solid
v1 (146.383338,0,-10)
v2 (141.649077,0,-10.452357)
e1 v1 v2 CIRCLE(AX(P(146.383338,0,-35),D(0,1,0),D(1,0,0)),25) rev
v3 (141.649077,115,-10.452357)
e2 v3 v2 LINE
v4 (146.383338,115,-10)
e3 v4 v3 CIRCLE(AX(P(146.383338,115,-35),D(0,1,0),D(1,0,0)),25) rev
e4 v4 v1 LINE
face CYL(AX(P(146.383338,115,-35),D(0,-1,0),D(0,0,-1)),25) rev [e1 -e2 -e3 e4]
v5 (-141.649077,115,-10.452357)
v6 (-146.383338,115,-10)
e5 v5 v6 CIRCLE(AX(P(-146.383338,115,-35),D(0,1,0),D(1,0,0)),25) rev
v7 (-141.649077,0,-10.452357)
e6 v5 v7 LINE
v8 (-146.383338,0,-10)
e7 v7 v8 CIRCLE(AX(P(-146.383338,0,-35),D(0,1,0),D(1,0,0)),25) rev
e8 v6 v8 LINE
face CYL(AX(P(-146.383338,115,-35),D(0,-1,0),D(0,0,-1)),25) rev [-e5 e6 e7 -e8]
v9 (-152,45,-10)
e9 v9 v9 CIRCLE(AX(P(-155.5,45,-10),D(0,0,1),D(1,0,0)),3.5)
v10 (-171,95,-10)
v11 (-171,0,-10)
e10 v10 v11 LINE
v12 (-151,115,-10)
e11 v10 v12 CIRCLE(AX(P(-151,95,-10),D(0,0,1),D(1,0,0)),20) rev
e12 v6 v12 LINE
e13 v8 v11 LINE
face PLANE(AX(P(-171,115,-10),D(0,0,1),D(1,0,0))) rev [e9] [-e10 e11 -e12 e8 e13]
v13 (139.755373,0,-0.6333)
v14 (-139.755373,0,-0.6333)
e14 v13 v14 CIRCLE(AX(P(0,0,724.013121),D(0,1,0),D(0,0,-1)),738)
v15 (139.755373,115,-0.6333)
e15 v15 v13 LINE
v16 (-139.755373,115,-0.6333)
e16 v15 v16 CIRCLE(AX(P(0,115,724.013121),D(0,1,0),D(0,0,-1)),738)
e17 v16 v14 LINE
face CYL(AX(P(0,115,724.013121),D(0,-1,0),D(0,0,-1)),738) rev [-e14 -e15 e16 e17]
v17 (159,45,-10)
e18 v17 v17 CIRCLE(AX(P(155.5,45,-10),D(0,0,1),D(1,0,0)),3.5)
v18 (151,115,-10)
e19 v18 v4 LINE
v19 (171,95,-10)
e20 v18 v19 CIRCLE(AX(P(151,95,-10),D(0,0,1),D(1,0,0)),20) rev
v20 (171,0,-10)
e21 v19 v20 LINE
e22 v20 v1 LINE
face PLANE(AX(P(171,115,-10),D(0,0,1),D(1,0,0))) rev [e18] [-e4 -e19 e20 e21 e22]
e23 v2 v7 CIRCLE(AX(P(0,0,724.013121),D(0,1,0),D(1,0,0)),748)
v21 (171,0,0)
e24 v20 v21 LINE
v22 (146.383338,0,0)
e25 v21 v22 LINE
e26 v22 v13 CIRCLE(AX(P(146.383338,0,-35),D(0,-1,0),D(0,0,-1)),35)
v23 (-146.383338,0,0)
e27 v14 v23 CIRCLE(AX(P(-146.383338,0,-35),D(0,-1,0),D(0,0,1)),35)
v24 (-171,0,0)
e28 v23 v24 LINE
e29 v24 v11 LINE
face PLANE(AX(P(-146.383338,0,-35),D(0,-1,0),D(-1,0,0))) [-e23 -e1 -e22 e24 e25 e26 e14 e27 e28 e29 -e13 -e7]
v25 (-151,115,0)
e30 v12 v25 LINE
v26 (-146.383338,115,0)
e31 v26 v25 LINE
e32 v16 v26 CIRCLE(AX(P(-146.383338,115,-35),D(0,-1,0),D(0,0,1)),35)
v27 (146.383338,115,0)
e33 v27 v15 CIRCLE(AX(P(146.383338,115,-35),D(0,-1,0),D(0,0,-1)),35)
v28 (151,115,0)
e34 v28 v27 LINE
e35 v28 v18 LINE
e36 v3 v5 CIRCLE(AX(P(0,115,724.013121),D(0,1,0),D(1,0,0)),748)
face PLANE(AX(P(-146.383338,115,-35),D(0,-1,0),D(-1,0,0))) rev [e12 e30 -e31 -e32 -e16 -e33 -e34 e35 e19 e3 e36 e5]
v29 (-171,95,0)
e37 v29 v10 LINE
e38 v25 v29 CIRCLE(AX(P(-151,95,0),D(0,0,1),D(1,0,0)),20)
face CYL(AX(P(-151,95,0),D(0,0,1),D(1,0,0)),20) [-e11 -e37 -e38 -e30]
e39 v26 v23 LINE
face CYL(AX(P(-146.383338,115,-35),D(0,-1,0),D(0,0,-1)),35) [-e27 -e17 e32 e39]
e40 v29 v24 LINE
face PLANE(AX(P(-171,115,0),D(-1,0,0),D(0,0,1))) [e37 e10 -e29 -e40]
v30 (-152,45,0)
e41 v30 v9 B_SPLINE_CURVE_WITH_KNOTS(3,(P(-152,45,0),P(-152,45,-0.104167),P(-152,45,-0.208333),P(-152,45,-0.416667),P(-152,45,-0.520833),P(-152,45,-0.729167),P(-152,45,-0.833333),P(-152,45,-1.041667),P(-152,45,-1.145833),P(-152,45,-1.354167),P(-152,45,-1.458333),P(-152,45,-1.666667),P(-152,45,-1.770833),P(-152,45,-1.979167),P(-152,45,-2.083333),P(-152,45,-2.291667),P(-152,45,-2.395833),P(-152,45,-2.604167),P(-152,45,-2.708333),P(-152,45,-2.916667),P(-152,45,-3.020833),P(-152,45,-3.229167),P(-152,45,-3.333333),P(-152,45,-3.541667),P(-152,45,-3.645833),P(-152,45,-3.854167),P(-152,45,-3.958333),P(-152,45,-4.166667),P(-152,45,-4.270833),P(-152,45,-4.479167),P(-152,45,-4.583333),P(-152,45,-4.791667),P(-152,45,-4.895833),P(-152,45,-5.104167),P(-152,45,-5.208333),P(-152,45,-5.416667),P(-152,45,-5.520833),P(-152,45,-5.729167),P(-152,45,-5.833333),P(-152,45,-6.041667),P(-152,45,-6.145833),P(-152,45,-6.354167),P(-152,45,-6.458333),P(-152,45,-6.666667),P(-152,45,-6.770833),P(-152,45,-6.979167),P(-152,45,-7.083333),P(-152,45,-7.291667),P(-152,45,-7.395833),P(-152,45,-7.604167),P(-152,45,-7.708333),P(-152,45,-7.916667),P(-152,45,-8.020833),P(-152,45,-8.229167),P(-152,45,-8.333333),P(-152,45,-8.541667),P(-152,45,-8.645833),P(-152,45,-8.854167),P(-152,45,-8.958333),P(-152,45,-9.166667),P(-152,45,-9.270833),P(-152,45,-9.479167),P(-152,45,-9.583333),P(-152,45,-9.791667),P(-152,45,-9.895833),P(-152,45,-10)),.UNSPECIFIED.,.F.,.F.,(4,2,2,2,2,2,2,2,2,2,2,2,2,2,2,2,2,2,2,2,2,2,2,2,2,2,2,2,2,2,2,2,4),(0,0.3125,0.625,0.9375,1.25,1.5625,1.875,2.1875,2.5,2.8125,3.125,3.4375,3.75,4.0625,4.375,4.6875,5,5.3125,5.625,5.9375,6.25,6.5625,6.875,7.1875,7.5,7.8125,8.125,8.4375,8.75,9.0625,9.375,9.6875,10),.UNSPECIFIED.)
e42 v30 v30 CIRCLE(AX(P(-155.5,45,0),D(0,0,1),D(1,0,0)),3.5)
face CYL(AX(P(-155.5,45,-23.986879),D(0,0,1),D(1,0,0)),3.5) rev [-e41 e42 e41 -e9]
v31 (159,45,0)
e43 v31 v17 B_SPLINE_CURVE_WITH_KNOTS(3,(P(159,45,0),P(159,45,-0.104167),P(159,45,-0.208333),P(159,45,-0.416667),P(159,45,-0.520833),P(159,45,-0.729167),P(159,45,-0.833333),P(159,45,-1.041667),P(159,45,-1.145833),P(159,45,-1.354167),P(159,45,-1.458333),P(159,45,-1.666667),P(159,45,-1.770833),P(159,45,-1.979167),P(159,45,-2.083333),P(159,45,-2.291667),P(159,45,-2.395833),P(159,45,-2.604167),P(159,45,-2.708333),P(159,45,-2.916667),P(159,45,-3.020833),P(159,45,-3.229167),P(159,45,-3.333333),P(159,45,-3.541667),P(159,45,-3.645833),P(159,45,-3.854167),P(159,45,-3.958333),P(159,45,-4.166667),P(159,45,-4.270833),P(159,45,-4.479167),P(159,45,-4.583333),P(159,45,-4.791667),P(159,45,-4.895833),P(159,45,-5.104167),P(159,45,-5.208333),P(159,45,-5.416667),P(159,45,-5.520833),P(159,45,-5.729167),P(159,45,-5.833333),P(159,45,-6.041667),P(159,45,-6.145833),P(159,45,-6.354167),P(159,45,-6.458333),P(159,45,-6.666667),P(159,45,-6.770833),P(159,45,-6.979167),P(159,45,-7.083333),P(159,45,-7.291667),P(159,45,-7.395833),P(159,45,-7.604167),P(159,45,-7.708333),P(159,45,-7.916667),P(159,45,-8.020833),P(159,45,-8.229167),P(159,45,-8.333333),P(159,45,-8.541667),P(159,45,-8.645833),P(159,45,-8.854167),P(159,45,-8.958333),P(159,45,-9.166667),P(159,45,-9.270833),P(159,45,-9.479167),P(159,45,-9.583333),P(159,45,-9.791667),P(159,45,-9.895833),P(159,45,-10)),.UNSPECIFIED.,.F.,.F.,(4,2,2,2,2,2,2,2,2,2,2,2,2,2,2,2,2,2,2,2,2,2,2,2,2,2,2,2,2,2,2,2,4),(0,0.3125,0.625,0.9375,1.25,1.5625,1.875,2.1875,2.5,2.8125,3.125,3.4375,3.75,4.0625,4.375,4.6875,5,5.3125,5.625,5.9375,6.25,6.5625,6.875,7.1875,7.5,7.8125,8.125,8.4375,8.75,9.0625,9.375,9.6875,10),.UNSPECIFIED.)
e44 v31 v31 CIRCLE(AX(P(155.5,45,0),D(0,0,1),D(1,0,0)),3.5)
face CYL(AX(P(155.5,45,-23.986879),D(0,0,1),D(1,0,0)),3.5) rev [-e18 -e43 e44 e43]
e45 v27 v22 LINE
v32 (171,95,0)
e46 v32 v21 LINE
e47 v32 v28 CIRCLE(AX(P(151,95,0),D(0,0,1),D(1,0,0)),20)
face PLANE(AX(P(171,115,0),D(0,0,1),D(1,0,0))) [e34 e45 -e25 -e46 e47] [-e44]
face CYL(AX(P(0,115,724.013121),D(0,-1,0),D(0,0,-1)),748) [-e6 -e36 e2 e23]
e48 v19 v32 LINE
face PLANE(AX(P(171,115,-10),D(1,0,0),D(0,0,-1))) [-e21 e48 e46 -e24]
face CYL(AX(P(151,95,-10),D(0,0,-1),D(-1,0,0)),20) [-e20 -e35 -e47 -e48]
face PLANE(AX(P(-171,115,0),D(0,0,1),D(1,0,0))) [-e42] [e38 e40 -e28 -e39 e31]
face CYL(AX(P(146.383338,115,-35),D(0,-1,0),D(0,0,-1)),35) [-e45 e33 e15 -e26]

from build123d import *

# Parameters (mm, degrees)
EXTRUDE_1_DEPTH     = 115
SKETCH_4_R          = 3.5
CUT_EXTRUDE_2_DEPTH = 208.464142308
FILLET_1_R          = 20


with BuildPart() as part:
    # Эскиз1 → Вытянуть-Тонкостенный1 (new body)
    with BuildSketch(Plane(origin=(0, 0, 0), x_dir=(1, 0, 0), z_dir=(0, 1, 0))):
        with BuildLine():
            Line((-171, 0), (-146.383337508, 0))
            ThreePointArc((-146.383337508, 0), (-143.05426157, 0.158684678), (-139.755372679, 0.633299806))
            ThreePointArc((-139.755372679, 0.633299806), (0, 13.986878572), (139.755372679, 0.633299806))
            ThreePointArc((139.755372679, 0.633299806), (143.05426157, 0.158684678), (146.383337508, 0))
            Line((146.383337508, 0), (171, 0))
            Line((171, 0), (171, 10))
            Line((171, 10), (146.383337508, 10))
            ThreePointArc((146.383337508, 10), (144.005426124, 10.113346198), (141.649076916, 10.452357004))
            ThreePointArc((141.649076916, 10.452357004), (0, 23.986878572), (-141.649076916, 10.452357004))
            ThreePointArc((-141.649076916, 10.452357004), (-144.005426124, 10.113346198), (-146.383337508, 10))
            Line((-146.383337508, 10), (-171, 10))
            Line((-171, 10), (-171, 0))
        make_face()
    extrude(amount=EXTRUDE_1_DEPTH)

    # Эскиз4 → Вырез-Вытянуть2 (cut, through all)
    with BuildSketch(Plane.XY):
        with Locations((-155.5, 45)):
            Circle(SKETCH_4_R)
        with Locations((155.5, 45)):
            Circle(SKETCH_4_R)
    extrude(amount=-CUT_EXTRUDE_2_DEPTH, mode=Mode.SUBTRACT)

    # Скругление1
    fillet_1_edges = [part.edges().sort_by_distance(p)[0] for p in [
        (171, 115, -5),
        (-171, 115, -5),
    ]]
    fillet(fillet_1_edges, radius=FILLET_1_R)


solid = part.part
